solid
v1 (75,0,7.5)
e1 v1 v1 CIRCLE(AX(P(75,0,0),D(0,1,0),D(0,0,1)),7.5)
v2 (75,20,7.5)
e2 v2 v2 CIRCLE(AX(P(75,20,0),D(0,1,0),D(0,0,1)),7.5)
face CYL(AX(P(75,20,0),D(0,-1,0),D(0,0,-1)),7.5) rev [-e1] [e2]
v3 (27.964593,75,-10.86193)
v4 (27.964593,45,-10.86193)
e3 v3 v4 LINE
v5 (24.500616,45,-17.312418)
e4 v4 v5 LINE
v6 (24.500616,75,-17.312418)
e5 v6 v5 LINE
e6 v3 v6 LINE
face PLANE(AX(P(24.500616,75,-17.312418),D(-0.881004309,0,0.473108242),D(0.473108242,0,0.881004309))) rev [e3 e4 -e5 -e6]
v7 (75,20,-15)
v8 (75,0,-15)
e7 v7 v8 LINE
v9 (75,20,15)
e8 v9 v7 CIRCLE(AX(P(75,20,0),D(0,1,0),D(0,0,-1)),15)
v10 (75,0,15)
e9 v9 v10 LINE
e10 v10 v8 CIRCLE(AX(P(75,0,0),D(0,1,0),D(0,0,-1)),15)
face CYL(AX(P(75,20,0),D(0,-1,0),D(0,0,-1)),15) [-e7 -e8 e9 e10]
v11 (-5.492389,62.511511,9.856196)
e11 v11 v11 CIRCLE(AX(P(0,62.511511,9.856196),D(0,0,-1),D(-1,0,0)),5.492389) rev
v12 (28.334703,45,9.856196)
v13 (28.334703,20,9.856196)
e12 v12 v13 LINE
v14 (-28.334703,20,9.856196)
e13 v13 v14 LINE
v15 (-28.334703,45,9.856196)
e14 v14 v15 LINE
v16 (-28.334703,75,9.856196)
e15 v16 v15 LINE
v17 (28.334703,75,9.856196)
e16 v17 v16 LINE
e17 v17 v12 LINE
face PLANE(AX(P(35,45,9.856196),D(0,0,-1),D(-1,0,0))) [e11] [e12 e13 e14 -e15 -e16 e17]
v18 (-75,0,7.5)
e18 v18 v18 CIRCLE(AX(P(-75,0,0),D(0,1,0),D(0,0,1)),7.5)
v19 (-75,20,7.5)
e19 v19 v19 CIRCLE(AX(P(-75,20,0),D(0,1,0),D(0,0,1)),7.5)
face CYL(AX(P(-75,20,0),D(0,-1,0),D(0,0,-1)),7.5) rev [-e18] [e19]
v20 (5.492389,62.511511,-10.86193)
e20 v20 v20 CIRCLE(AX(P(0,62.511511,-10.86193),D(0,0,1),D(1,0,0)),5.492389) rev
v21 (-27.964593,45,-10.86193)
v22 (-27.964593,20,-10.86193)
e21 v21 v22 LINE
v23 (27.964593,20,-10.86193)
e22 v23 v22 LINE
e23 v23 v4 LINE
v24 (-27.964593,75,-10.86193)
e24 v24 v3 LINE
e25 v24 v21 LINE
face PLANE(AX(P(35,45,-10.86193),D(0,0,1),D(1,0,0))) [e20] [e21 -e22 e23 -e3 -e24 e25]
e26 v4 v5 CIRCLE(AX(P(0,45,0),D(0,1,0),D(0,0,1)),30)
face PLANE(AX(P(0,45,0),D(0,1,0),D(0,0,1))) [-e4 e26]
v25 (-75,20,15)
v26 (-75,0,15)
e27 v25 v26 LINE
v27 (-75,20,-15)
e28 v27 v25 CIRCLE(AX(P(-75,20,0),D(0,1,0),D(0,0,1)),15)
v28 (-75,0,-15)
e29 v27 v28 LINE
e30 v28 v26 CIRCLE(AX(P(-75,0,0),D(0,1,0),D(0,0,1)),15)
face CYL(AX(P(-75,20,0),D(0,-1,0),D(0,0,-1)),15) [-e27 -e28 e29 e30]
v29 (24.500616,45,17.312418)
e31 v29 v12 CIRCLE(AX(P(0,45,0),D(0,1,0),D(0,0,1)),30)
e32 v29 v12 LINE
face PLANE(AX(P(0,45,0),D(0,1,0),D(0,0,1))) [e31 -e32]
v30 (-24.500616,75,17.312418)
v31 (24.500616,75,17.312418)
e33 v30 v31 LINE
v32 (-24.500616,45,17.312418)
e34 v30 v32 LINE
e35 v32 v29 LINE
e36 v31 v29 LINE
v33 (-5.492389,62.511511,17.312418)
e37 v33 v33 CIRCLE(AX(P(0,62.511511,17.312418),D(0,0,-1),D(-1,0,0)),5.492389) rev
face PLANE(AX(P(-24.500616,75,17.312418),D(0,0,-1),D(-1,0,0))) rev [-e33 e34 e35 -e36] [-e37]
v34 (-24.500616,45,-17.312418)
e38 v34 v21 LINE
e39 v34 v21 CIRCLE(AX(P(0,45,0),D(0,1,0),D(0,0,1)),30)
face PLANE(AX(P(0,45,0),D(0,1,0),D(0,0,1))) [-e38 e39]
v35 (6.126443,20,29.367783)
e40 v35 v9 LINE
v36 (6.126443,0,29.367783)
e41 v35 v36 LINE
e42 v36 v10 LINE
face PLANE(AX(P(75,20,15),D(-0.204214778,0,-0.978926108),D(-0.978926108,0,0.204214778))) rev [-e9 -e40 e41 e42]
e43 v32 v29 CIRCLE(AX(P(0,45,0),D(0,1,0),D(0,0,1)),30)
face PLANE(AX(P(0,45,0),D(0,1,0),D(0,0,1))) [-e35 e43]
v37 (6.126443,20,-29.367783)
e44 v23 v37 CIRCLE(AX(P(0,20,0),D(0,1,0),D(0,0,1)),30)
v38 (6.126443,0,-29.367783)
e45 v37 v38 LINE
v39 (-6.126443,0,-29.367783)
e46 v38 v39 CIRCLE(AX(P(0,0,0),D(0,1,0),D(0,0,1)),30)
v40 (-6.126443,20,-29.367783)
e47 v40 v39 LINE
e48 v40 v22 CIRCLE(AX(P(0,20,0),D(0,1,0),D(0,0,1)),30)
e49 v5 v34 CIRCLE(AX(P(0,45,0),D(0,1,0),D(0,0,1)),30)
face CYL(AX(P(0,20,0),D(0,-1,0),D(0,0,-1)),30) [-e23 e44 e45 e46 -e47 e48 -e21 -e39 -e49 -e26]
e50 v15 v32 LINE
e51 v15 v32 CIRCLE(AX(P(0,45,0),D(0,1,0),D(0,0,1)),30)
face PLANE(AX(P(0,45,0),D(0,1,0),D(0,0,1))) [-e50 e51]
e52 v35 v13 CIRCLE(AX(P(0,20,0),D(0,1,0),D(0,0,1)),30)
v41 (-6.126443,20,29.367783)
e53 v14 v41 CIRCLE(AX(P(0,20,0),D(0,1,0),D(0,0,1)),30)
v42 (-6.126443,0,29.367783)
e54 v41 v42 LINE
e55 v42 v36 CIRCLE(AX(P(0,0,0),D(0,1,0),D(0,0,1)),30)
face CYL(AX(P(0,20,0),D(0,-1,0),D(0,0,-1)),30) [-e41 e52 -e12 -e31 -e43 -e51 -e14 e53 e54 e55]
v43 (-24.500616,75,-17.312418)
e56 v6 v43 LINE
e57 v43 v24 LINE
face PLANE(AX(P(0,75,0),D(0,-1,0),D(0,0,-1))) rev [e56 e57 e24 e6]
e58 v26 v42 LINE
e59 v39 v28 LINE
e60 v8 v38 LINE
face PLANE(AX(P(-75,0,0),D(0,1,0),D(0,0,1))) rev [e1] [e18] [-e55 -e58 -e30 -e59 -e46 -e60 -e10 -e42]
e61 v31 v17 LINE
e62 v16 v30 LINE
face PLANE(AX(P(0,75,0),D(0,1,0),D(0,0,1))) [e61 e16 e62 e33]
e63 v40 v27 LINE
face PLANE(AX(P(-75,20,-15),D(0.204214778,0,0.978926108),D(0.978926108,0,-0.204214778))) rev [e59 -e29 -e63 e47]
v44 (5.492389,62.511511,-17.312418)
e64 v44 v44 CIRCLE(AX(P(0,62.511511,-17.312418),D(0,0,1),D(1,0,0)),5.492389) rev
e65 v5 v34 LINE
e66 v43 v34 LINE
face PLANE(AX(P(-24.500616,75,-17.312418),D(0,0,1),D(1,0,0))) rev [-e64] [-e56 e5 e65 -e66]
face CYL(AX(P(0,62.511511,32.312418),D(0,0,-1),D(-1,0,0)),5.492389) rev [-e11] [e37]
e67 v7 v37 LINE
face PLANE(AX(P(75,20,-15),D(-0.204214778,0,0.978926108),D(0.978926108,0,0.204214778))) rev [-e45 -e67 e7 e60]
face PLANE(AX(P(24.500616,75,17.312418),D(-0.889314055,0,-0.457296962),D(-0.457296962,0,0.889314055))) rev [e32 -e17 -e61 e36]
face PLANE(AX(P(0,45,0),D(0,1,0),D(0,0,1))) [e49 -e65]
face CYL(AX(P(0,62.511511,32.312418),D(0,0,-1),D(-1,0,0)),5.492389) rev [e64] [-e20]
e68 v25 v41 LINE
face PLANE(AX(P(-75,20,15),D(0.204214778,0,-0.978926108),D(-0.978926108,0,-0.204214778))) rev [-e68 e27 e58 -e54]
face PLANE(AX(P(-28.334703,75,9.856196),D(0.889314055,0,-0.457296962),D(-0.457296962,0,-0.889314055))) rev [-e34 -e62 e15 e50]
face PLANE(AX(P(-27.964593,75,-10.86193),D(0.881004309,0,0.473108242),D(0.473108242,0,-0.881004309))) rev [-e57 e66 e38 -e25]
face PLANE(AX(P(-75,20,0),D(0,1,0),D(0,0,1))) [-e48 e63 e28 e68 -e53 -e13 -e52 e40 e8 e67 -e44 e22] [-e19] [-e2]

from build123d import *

# Parameters (mm, degrees)
CROQUIS2_R                 = 7.5
SALIENTE_EXTRUIR3_DEPTH    = 20
CROQUIS6_R                 = 30
SALIENTE_EXTRUIR4_DEPTH    = 25
CORTAR_EXTRUIR1_DEPTH      = 35
CORTAR_EXTRUIR1_DEPTH_BACK = 31
CROQUIS9_W                 = 20.718126327
CROQUIS9_H                 = 25
SALIENTE_EXTRUIR5_DEPTH    = 30
CORTAR_EXTRUIR2_DEPTH      = 15
CORTAR_EXTRUIR2_DEPTH_BACK = 38
CROQUIS11_R                = 5.492388524


with BuildPart() as part:
    # Croquis2 → Saliente-Extruir3 (new body)
    with BuildSketch(Plane(origin=(0, 0, 0), x_dir=(1, 0, 0), z_dir=(0, 1, 0))):
        with BuildLine():
            Line((-75, 15), (-6.126443354, 29.36778323))
            ThreePointArc((-6.126443354, 29.36778323), (0, 30), (6.126443354, 29.36778323))
            Line((6.126443354, 29.36778323), (75, 15))
            ThreePointArc((75, 15), (90, 0), (75, -15))
            Line((75, -15), (6.126443354, -29.36778323))
            ThreePointArc((6.126443354, -29.36778323), (0, -30), (-6.126443354, -29.36778323))
            Line((-6.126443354, -29.36778323), (-75, -15))
            ThreePointArc((-75, -15), (-90, 0), (-75, 15))
        make_face()
        with Locations((-75, 0)):
            Circle(CROQUIS2_R, mode=Mode.SUBTRACT)
        with Locations((75, 0)):
            Circle(CROQUIS2_R, mode=Mode.SUBTRACT)
    extrude(amount=SALIENTE_EXTRUIR3_DEPTH)

    # Croquis6 → Saliente-Extruir4 (add)
    with BuildSketch(Plane(origin=(0, 20, 0), x_dir=(1, 0, 0), z_dir=(0, 1, 0))):
        Circle(CROQUIS6_R)
    extrude(amount=SALIENTE_EXTRUIR4_DEPTH)

    # Croquis9 → Cortar-Extruir1 (cut, two sides: drawn at the far end of the back side and taken through both)
    with BuildSketch(Plane(origin=(0, 0, 0), x_dir=(0, 0, -1), z_dir=(1, 0, 0)).offset(-CORTAR_EXTRUIR1_DEPTH_BACK)):
        with Locations((0.502867144, 32.5)):
            Rectangle(CROQUIS9_W, CROQUIS9_H)
    extrude(amount=CORTAR_EXTRUIR1_DEPTH + CORTAR_EXTRUIR1_DEPTH_BACK, mode=Mode.SUBTRACT)

    # Croquis10 → Saliente-Extruir5 (add)
    with BuildSketch(Plane(origin=(0, 45, 0), x_dir=(1, 0, 0), z_dir=(0, 1, 0))):
        Polygon((-24.500615631, 17.312418483), (24.500615631, 17.312418483), (27.964593149, 10.861930307), (-27.964593149, 10.861930307), align=None)
        Polygon((-28.334703105, -9.85619602), (-24.500615631, -17.312418483), (24.500615631, -17.312418483), (28.334703105, -9.85619602), align=None)
    extrude(amount=SALIENTE_EXTRUIR5_DEPTH)

    # Croquis11 → Cortar-Extruir2 (cut, two sides: drawn at the far end of the back side and taken through both)
    with BuildSketch(Plane.XY.offset(17.312418483).offset(-CORTAR_EXTRUIR2_DEPTH_BACK)):
        with Locations((0, 62.511511295)):
            Circle(CROQUIS11_R)
    extrude(amount=CORTAR_EXTRUIR2_DEPTH + CORTAR_EXTRUIR2_DEPTH_BACK, mode=Mode.SUBTRACT)


solid = part.part
